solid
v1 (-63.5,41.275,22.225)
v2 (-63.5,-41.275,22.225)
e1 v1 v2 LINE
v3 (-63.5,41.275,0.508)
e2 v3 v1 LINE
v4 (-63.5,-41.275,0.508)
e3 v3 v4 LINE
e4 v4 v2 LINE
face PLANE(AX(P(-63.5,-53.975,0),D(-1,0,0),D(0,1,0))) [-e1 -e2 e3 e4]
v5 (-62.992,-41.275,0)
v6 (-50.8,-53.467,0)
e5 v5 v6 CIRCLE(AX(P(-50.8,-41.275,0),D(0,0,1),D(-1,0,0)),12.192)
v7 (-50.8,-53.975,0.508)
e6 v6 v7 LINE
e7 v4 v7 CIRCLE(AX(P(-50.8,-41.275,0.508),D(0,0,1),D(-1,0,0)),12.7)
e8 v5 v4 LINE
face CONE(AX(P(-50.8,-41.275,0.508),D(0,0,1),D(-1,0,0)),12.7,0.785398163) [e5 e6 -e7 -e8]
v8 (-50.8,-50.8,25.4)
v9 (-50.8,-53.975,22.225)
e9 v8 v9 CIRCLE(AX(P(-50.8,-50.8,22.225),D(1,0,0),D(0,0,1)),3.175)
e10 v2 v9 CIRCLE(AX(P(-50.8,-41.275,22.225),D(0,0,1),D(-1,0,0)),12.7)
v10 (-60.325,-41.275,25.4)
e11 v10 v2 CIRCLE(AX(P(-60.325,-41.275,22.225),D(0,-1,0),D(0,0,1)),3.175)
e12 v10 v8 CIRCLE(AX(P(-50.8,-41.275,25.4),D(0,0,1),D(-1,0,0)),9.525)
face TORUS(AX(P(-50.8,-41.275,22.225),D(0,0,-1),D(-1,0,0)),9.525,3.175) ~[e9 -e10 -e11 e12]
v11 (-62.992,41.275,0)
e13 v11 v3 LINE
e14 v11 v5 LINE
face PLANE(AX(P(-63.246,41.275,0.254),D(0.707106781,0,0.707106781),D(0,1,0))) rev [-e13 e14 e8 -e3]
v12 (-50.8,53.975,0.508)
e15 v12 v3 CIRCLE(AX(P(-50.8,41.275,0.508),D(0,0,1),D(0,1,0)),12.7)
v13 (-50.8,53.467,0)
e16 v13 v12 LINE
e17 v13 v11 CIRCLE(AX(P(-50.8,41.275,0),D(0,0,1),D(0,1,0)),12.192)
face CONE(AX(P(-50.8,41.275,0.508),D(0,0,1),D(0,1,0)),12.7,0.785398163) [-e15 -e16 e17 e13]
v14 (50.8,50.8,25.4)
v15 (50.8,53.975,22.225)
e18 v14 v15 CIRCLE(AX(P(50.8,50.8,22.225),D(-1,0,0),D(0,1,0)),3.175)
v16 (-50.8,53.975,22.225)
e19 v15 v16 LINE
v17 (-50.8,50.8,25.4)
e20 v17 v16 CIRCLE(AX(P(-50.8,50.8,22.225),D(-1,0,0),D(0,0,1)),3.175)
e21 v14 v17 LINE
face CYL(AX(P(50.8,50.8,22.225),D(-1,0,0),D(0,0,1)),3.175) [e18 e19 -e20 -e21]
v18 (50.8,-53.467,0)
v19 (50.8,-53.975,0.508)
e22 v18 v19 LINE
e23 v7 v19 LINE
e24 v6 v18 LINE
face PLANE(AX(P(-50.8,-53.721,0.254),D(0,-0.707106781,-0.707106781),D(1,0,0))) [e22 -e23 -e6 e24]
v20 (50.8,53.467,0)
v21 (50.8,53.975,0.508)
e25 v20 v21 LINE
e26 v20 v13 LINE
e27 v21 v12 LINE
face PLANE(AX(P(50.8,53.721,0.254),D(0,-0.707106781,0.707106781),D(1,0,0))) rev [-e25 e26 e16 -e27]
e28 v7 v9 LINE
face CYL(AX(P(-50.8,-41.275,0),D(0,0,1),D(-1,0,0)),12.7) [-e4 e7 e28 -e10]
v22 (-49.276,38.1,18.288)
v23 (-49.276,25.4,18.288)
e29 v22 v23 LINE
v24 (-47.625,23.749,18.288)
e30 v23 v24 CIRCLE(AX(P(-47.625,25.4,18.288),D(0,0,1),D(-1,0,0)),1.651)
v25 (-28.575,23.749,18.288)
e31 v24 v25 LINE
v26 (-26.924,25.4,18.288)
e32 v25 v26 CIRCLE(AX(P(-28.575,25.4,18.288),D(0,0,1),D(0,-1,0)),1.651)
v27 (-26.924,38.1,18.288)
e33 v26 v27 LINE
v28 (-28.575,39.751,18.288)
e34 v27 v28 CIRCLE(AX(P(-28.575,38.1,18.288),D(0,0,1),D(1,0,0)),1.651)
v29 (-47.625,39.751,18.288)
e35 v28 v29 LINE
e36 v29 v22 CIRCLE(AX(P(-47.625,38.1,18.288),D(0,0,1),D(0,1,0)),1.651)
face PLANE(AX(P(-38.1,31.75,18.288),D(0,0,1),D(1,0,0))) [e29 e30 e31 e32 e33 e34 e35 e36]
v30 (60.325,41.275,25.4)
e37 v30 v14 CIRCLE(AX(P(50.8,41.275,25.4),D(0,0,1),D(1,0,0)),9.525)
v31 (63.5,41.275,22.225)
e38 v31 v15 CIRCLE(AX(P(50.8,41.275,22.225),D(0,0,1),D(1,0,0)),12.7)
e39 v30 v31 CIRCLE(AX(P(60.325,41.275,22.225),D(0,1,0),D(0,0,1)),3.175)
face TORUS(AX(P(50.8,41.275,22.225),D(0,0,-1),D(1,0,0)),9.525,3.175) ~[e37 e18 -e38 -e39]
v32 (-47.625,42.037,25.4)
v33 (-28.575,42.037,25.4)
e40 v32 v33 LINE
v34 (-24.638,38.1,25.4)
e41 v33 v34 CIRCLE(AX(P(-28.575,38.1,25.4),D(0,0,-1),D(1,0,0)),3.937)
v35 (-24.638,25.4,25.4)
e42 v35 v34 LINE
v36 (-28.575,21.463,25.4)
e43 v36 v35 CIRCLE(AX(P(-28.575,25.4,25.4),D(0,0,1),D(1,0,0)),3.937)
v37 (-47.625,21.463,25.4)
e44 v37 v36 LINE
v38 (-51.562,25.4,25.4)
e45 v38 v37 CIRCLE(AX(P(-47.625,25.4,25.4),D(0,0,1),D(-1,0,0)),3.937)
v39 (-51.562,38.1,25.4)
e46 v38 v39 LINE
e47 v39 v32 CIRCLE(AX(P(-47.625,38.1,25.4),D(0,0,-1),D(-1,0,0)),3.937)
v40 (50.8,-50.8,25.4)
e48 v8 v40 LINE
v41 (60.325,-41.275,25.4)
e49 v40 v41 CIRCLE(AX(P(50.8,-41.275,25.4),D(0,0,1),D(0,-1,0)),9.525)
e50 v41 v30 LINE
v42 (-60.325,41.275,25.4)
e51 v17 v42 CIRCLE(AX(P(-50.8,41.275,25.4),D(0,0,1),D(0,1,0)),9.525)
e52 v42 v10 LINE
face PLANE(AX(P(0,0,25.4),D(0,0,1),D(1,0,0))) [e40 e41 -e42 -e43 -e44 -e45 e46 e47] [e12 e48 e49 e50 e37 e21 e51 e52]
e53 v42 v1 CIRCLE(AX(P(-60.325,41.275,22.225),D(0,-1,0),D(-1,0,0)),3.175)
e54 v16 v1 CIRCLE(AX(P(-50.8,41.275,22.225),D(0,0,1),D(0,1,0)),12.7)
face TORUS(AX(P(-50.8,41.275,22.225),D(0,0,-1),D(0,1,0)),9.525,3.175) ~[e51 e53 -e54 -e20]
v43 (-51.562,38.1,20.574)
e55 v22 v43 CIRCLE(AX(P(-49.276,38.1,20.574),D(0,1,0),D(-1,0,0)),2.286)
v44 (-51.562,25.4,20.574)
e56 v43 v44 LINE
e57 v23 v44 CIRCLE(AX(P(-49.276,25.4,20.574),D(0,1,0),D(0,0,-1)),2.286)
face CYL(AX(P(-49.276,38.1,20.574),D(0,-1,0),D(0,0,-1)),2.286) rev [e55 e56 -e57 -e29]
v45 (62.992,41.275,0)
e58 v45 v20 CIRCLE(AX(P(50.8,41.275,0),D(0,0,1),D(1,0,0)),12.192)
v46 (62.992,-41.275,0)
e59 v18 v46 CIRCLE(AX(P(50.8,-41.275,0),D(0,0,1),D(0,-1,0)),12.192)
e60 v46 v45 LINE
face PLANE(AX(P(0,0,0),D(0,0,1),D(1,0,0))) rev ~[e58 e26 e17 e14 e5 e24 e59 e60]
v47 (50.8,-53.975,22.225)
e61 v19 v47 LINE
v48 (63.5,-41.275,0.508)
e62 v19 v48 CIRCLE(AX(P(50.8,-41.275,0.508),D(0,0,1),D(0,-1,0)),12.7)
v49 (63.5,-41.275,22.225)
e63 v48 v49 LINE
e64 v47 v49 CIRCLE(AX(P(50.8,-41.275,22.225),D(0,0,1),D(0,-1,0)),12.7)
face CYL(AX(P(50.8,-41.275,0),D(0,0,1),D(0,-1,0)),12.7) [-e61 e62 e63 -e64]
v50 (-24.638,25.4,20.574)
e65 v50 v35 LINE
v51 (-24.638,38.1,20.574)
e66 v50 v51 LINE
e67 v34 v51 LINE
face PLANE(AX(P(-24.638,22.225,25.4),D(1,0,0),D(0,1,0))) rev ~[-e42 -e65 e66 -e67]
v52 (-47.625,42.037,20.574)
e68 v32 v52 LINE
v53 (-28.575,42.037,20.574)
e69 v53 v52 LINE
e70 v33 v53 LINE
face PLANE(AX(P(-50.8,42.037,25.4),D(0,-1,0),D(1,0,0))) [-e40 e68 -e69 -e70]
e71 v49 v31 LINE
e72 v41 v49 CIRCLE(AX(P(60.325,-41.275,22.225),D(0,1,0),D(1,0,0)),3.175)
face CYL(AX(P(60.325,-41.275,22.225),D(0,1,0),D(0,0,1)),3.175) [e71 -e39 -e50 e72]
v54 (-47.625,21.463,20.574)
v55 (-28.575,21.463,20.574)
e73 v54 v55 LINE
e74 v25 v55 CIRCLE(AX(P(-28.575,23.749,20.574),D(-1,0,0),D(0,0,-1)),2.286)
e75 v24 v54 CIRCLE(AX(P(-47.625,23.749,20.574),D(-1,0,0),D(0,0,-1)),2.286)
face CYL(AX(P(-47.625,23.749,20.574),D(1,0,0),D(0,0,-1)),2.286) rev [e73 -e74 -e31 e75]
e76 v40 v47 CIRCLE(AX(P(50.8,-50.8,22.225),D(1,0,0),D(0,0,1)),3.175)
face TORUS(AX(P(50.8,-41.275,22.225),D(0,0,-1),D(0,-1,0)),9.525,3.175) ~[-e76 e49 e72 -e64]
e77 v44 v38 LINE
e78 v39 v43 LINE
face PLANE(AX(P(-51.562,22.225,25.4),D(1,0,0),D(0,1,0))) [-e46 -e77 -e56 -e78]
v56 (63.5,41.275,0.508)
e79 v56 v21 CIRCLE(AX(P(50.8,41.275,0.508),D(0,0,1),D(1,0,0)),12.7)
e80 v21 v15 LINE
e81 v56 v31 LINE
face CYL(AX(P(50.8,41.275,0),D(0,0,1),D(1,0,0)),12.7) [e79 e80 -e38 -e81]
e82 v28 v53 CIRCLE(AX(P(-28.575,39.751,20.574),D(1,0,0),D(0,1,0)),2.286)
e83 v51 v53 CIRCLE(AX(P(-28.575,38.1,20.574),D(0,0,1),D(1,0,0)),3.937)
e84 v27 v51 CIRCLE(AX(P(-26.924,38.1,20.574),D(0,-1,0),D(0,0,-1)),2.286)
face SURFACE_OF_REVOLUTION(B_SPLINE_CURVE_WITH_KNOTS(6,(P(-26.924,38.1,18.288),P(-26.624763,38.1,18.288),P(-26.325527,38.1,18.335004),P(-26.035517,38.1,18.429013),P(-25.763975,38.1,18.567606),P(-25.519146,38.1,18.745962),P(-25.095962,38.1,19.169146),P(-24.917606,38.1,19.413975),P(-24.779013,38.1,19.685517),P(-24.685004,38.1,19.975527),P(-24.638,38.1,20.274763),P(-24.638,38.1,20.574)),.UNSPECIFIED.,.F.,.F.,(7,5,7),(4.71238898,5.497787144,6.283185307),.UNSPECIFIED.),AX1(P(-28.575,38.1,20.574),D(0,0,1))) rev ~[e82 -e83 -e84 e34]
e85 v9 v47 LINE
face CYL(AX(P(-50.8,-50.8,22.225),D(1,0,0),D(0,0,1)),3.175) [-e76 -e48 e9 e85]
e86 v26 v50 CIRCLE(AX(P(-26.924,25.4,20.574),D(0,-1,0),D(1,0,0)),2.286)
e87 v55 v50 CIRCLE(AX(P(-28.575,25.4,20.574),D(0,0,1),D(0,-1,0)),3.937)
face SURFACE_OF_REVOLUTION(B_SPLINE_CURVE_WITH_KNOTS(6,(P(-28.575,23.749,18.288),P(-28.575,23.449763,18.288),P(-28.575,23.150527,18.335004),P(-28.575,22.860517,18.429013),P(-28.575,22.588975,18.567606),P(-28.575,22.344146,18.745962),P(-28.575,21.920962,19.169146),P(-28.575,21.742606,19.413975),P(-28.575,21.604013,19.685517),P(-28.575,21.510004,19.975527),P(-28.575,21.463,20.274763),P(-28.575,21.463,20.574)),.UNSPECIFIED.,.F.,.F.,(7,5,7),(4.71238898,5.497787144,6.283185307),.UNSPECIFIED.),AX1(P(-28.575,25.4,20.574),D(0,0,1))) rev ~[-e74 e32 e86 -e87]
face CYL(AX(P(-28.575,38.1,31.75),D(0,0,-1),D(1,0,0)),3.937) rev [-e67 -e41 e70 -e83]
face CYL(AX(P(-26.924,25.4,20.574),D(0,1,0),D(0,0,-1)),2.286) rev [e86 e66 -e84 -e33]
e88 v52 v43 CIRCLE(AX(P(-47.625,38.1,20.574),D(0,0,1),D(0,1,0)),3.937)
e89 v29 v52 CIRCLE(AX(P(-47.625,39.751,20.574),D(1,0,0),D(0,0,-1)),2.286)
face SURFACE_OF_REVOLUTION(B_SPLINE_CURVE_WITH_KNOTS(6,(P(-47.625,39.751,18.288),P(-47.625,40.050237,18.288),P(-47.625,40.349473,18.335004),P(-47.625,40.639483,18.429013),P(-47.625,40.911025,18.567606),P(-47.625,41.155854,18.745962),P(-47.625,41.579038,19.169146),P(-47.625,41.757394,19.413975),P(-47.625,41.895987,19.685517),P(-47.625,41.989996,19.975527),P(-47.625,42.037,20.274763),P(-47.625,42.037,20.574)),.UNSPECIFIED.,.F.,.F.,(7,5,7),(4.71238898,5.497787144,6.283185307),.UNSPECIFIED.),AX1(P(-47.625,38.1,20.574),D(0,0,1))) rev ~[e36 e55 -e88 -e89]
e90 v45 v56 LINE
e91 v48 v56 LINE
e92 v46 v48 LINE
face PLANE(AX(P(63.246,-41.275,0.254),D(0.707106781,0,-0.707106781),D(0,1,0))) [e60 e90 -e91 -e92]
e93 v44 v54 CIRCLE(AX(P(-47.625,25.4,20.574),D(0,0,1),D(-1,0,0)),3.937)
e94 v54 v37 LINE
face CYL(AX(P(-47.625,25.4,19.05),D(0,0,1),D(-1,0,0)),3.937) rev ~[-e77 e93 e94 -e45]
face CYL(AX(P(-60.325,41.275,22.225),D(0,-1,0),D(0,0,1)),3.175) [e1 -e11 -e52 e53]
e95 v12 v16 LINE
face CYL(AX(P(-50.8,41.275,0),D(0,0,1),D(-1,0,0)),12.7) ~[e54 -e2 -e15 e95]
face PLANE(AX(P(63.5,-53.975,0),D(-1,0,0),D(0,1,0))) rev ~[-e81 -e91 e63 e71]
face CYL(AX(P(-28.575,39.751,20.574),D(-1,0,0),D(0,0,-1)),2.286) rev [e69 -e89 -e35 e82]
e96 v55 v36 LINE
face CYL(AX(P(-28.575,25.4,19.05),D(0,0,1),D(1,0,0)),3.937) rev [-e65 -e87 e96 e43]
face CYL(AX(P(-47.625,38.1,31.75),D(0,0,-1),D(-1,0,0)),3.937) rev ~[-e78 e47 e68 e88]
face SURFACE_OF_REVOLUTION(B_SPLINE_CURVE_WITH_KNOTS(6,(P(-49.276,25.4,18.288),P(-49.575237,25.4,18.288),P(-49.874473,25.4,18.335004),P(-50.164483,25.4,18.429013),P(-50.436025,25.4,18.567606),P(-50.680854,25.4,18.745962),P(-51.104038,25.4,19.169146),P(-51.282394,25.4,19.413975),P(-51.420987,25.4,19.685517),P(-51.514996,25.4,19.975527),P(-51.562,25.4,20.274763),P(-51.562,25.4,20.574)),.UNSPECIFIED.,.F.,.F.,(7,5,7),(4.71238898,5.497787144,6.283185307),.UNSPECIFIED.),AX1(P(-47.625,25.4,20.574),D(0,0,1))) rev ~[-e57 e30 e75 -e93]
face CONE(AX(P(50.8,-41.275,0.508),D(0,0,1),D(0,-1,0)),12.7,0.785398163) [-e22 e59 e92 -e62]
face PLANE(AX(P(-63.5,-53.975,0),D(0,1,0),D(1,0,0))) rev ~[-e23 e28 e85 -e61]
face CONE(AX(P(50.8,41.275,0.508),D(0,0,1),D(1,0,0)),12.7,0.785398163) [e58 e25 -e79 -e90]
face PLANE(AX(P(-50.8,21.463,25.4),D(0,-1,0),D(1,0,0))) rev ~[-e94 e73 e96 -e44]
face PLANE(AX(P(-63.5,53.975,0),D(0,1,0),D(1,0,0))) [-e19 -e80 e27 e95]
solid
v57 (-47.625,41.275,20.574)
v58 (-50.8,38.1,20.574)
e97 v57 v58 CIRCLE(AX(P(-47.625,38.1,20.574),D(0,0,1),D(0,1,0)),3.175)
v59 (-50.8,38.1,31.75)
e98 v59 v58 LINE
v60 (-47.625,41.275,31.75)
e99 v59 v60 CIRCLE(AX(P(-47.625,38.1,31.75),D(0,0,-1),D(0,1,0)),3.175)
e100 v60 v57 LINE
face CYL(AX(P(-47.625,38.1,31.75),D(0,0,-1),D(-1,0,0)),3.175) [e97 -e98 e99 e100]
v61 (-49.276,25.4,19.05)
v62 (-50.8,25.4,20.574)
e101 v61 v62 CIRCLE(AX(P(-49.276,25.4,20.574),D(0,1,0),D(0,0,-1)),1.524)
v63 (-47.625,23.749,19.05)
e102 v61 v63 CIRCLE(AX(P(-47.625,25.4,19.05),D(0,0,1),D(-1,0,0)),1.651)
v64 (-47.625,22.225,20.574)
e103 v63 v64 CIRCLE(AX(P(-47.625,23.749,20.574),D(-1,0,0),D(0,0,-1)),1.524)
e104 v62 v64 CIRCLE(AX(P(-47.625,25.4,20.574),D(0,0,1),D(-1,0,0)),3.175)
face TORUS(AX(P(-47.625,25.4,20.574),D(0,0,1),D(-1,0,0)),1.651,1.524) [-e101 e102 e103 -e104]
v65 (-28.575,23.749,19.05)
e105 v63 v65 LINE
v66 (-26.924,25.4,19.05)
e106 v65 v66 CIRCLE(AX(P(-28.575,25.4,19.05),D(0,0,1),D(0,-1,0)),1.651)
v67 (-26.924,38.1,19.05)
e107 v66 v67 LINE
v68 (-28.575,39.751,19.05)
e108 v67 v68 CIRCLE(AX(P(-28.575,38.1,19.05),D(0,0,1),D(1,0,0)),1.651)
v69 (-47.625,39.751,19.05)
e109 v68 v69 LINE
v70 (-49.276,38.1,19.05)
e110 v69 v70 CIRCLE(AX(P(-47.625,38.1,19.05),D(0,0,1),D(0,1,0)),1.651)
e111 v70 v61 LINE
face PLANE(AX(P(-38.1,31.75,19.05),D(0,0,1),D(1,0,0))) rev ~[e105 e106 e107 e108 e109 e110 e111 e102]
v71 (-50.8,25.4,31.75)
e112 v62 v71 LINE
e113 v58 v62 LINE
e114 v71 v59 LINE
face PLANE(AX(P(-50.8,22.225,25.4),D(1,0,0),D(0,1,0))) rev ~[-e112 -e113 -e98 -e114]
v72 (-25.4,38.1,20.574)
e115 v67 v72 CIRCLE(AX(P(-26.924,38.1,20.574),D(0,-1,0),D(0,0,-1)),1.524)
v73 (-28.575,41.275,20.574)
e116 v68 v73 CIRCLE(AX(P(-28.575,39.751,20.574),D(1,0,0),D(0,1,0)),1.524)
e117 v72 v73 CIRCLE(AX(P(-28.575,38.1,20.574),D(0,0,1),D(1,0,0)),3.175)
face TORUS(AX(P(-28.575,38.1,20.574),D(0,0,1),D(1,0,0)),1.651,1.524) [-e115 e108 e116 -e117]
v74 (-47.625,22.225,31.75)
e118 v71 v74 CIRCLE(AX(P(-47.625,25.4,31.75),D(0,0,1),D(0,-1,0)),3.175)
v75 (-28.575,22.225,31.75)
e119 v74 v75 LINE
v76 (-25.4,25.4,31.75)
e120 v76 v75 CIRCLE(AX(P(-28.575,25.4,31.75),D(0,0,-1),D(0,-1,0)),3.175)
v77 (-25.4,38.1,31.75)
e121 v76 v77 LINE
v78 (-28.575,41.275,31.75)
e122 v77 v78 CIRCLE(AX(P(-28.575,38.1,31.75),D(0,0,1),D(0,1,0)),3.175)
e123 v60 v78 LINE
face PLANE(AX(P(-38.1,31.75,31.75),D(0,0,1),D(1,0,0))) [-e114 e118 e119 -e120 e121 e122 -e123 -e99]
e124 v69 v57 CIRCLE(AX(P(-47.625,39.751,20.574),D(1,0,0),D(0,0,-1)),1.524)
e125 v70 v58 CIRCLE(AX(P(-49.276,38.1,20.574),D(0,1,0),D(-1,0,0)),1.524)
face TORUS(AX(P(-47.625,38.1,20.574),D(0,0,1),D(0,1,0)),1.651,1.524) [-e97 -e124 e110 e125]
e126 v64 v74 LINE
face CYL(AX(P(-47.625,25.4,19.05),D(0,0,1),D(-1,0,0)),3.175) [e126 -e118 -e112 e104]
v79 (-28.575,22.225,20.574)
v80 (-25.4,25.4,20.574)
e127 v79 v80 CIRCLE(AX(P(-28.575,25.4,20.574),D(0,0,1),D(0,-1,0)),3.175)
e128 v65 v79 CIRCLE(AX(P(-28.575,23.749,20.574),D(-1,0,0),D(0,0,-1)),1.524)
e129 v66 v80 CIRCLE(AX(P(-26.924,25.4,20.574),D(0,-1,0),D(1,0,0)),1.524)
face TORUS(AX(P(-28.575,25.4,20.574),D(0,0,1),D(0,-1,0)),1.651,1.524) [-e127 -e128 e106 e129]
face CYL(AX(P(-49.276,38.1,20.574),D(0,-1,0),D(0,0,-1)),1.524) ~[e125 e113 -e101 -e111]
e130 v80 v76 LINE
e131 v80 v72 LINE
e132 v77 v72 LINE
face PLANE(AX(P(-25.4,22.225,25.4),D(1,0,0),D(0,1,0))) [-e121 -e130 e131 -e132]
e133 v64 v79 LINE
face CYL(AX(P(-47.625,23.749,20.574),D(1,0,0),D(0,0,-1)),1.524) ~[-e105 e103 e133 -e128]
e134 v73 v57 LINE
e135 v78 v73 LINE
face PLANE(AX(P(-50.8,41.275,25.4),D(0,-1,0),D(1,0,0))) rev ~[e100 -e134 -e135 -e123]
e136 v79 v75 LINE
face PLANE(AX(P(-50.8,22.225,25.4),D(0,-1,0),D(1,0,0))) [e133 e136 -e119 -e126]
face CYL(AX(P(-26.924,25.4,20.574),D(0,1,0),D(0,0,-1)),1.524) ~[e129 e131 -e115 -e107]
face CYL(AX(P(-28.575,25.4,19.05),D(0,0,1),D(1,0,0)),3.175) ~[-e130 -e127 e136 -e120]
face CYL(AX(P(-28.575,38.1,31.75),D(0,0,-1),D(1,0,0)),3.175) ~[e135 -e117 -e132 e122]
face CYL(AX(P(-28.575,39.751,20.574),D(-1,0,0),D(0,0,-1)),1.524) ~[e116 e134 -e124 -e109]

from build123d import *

# Parameters (mm, degrees)
F0_W       = 127
F0_H       = 107.95
F1_DEPTH   = 25.4
F2_W       = 25.4
F2_H       = 19.05
F3_DEPTH   = 6.35
F4_R       = 3.175
F5_R       = 1.524
F6_R       = 12.7
F7_R       = 3.175
F8_SIZE    = 0.508
F9_OFFSET  = 0.508
F10_OFFSET = 0.762


with BuildPart() as f1:
    # F0 (on Top) → F1 (new body)
    with BuildSketch(Plane.XY):
        Rectangle(F0_W, F0_H)
    extrude(amount=F1_DEPTH)

    # F6
    f6_edges = [f1.edges().sort_by_distance(p)[0] for p in [
        (63.5, -53.975, 12.7),
        (63.5, 53.975, 12.7),
        (-63.5, 53.975, 12.7),
        (-63.5, -53.975, 12.7),
    ]]
    fillet(f6_edges, radius=F6_R)

    # F7
    f7_edges = [f1.edges().sort_by_distance(p)[0] for p in [
        (0, -53.975, 25.4),
    ]]
    fillet(f7_edges, radius=F7_R)

    # F8
    f8_edges = [f1.edges().sort_by_distance(p)[0] for p in [
        (0, -53.975, 0),
    ]]
    chamfer(f8_edges, length=F8_SIZE)


with BuildPart() as f3:
    # F2 (on face) → F3 (new body, symmetric)
    with BuildSketch(Plane.XY.offset(25.4)):
        with Locations((-38.1, 31.75)):
            Rectangle(F2_W, F2_H)
    extrude(amount=F3_DEPTH, both=True)

    # F4
    f4_edges = [f3.edges().sort_by_distance(p)[0] for p in [
        (-25.4, 41.275, 25.4),
        (-25.4, 22.225, 25.4),
        (-50.8, 22.225, 25.4),
        (-50.8, 41.275, 25.4),
    ]]
    fillet(f4_edges, radius=F4_R)

    # F5
    f5_edges = [f3.edges().sort_by_distance(p)[0] for p in [
        (-38.1, 22.225, 19.05),
    ]]
    fillet(f5_edges, radius=F5_R)


with BuildPart() as f1_1:
    add(f1.part)

    # F9: cut F3, made larger all round first
    f9_tool = offset(f3.part, amount=F9_OFFSET, kind=Kind.INTERSECTION, mode=Mode.PRIVATE)
    add(f9_tool, mode=Mode.SUBTRACT)

    # F10: cut F3, made larger all round first
    f10_tool = offset(f3.part, amount=F10_OFFSET, kind=Kind.INTERSECTION, mode=Mode.PRIVATE)
    add(f10_tool, mode=Mode.SUBTRACT)


solid = Compound([f3.part, f1_1.part])
